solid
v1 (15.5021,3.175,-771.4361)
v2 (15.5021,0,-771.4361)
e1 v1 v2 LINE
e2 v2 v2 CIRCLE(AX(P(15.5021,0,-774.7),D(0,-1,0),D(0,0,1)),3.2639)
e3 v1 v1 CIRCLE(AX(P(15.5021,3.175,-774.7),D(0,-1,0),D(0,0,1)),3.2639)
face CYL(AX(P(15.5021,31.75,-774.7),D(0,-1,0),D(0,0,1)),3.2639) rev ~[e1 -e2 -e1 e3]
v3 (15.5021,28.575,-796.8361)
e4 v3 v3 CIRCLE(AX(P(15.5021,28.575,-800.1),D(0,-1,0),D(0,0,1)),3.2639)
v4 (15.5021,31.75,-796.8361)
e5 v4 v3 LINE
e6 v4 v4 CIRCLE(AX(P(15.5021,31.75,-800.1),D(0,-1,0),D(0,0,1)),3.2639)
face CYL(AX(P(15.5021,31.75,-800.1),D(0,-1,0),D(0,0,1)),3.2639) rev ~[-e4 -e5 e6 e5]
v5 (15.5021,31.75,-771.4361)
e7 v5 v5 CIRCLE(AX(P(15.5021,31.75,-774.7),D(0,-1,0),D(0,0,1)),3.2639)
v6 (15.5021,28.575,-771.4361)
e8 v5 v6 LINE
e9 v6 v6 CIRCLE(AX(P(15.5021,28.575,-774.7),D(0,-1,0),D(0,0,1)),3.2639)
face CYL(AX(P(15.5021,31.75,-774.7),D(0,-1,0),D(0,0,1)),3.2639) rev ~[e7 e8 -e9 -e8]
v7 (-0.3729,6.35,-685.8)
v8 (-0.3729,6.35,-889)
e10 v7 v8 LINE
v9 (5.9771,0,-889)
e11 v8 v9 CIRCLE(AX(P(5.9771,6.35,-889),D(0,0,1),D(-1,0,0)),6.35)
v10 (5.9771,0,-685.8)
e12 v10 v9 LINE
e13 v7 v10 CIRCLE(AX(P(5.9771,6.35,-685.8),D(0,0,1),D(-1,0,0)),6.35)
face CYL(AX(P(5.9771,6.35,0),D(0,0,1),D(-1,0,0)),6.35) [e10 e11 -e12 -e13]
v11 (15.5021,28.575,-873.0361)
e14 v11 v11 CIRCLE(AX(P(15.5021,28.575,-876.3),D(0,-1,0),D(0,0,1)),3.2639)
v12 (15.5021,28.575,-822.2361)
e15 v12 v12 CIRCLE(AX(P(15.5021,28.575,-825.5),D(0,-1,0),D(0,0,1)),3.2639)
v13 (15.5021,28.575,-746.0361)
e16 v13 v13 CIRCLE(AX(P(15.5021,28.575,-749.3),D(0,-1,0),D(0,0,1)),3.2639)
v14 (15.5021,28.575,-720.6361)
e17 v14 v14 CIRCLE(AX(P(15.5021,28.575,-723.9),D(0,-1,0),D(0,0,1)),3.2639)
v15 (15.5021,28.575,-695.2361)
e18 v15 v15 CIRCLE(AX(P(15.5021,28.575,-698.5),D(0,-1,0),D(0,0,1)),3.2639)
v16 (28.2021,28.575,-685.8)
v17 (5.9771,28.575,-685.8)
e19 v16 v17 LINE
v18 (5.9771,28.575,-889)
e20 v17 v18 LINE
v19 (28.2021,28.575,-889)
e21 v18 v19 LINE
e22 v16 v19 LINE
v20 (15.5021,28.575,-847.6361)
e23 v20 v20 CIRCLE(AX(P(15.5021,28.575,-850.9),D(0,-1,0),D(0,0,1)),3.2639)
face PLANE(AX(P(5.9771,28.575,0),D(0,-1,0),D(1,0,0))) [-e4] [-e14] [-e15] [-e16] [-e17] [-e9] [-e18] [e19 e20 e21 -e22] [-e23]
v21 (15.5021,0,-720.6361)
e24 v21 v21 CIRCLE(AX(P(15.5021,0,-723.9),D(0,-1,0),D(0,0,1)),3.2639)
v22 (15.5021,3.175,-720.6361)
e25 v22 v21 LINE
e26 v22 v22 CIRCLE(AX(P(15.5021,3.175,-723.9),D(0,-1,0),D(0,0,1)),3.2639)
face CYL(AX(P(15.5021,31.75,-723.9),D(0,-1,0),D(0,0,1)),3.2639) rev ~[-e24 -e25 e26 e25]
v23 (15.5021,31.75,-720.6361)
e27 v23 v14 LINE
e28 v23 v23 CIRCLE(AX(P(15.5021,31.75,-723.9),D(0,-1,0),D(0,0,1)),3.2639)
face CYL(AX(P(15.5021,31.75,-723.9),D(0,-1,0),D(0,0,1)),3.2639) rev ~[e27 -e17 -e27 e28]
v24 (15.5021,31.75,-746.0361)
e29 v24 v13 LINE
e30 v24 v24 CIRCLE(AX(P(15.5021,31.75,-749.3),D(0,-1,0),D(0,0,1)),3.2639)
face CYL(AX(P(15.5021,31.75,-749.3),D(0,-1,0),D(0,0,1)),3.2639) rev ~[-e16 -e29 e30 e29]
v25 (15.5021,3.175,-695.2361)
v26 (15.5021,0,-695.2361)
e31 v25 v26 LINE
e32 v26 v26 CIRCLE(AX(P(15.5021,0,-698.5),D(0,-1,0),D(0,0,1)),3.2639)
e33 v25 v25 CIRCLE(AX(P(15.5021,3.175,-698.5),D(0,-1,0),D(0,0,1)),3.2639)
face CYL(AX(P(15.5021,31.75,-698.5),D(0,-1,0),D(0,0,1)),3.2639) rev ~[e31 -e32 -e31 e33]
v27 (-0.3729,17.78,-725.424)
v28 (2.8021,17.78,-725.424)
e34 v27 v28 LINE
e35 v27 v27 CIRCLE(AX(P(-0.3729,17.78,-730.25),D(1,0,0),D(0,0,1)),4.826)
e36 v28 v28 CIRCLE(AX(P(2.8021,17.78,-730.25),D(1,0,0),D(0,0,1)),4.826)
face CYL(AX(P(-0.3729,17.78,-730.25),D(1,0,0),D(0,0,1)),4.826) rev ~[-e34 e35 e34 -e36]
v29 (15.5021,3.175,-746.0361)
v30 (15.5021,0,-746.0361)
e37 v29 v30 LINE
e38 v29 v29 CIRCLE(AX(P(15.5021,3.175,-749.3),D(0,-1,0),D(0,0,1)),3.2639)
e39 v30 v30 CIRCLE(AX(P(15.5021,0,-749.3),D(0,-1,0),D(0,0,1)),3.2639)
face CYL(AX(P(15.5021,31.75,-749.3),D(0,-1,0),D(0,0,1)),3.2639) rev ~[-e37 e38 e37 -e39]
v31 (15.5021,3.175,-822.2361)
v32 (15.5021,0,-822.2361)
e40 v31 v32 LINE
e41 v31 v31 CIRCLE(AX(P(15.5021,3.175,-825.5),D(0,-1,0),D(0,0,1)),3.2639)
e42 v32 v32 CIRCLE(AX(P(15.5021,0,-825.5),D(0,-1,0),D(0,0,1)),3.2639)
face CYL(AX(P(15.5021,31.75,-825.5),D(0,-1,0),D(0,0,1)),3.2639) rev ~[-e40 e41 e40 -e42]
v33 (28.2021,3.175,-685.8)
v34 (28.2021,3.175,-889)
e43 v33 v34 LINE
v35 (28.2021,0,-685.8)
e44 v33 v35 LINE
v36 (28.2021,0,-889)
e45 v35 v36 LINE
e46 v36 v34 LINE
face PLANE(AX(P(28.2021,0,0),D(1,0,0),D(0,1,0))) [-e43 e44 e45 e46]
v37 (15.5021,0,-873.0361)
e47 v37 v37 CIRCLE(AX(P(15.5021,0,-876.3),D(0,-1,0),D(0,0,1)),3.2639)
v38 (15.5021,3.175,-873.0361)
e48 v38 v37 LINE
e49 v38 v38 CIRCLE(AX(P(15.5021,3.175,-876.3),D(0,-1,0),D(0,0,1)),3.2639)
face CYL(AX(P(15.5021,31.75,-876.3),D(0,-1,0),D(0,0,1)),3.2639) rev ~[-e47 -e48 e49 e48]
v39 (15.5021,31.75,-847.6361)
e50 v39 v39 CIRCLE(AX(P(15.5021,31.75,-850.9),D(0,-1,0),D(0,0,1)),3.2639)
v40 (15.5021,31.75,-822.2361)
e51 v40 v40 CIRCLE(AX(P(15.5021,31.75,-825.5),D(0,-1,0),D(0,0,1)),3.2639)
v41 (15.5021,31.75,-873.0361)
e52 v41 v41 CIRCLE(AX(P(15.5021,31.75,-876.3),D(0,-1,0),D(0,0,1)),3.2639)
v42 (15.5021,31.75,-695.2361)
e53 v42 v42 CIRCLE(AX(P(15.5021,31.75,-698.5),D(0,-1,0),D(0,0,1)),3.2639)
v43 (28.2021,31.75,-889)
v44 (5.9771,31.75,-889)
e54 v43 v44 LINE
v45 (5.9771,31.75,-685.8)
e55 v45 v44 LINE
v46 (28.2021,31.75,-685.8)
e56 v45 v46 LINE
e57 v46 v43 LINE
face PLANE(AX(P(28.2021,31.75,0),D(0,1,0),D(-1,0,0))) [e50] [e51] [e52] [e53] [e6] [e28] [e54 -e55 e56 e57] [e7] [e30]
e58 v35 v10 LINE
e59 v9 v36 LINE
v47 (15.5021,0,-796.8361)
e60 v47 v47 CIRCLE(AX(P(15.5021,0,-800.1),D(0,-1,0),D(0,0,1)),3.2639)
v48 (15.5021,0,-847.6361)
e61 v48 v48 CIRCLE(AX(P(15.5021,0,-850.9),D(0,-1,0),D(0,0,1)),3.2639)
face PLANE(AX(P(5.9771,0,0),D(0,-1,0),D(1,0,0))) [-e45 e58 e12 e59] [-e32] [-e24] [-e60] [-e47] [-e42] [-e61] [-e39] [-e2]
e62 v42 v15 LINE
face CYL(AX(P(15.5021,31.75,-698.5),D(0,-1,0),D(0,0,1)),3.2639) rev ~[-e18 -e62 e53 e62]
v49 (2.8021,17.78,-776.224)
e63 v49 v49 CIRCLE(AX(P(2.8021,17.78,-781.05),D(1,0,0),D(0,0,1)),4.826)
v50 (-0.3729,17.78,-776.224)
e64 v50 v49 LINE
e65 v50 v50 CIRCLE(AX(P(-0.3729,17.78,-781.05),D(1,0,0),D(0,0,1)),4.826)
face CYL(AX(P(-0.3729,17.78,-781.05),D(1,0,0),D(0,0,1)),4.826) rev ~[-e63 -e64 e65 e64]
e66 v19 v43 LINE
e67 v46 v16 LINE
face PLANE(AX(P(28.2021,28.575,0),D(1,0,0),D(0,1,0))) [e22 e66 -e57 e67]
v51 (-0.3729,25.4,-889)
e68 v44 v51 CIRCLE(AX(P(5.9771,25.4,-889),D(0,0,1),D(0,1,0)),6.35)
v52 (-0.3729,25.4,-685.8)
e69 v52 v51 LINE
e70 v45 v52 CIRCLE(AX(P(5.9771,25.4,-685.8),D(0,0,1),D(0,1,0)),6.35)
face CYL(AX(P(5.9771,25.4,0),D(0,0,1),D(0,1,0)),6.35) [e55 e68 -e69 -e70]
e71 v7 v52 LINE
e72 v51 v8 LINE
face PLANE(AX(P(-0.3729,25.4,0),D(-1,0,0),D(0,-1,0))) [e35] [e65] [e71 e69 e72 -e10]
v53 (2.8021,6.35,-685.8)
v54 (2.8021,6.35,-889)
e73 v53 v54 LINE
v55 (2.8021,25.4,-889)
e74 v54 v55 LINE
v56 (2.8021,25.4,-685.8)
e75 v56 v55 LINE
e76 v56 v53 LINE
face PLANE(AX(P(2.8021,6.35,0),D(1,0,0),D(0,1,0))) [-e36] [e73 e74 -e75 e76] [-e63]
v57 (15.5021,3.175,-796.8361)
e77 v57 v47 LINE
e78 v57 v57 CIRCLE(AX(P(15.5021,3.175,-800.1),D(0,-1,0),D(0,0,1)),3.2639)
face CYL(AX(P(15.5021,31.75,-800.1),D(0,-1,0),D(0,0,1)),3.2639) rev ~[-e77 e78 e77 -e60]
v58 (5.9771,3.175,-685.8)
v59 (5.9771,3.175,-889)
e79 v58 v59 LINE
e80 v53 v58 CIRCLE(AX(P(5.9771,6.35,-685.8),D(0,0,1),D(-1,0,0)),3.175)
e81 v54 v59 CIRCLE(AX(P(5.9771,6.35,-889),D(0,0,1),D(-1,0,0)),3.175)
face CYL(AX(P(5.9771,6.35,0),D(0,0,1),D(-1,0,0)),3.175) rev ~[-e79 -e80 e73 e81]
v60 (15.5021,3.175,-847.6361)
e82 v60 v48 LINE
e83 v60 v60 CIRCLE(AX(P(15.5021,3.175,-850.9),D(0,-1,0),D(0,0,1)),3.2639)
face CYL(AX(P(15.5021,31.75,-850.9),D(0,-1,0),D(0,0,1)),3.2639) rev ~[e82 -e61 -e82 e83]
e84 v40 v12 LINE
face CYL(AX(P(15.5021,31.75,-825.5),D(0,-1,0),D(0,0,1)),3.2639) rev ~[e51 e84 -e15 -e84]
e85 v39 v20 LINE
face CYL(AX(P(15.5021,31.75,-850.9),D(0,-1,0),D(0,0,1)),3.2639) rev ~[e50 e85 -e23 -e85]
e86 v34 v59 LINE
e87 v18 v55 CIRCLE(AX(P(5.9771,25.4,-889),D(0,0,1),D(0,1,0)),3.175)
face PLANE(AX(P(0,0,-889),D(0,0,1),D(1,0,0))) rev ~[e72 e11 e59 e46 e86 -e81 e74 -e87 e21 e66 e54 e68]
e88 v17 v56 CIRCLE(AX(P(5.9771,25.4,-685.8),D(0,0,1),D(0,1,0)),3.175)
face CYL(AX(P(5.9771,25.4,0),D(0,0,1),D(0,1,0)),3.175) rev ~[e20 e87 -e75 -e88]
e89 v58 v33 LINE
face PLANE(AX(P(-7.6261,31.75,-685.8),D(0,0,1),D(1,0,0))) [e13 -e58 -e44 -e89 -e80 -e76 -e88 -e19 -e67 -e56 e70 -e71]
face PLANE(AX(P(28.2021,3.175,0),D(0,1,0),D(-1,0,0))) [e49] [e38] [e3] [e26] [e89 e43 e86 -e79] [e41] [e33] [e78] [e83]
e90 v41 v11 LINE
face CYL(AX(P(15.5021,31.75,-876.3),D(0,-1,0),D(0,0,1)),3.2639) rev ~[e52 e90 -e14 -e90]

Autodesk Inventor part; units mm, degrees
ref_plane "YZ Plane" through (0, 0, 0) normal (1, 0, 0) x (0, 1, 0)
ref_plane "XZ Plane" through (0, 0, 0) normal (0, 1, 0) x (-1, 0, 0)
ref_plane "XY Plane" through (0, 0, 0) normal (0, 0, 1) x (1, 0, 0)
sketch "Sketch1" plane through (0, 0, 0) normal (0, 0, 1) x (1, 0, 0)
  line L0 (5.9771, 0) -> (28.2021, 0)
  line L1 (28.2021, 0) -> (28.2021, 3.175)
  line L2 (28.2021, 3.175) -> (5.9771, 3.175)
  line L3 (2.8021, 6.35) -> (2.8021, 25.4)
  line L4 (5.9771, 28.575) -> (28.2021, 28.575)
  line L5 (28.2021, 28.575) -> (28.2021, 31.75)
  line L6 (28.2021, 31.75) -> (5.9771, 31.75)
  line L7 (-0.3729, 25.4) -> (-0.3729, 6.35)
  arc A0 (5.9771, 28.575) -> (2.8021, 25.4) centre (5.9771, 25.4) ccw
  arc A1 (2.8021, 6.35) -> (5.9771, 3.175) centre (5.9771, 6.35) ccw
  arc A2 (5.9771, 31.75) -> (-0.3729, 25.4) centre (5.9771, 25.4) ccw
  arc A3 (-0.3729, 6.35) -> (5.9771, 0) centre (5.9771, 6.35) ccw
  point P0 (0, 0)
  point P1 (-0.3729, 0)
  point P2 (2.8021, 3.175)
  point P3 (2.8021, 28.575)
  dimension "d0" = 28.575
  dimension "d1" = 3.175
  dimension "d2" = 25.4
  dimension "d3" = 25.4
  dimension "d4" = 3.175
  dimension "d5" = 3.175
  dimension "d6" = 6.35
extrude "Extrusion1" add sketch "Sketch1" against normal blind 889
sketch "Sketch2" plane through (-0.3729, 6.35, 0) normal (-1, 0, 0) x (0, 0, 1)
  line L0 (0, 19.05) -> (-889, 19.05) projected
  line L1 (-228.6, 0) -> (-228.6, 7.9375)
  arc A0 (-228.6, 11.1125) -> (-228.6, 7.9375) centre (-228.6, 9.525) ccw
  line L2 (-228.6, 11.1125) -> (-228.6, 19.05)
  line L3 (-228.6, 19.05) -> (-889, 19.05)
  line L4 (-889, 0) -> (-889, 19.05)
  line L5 (-889, 0) -> (-228.6, 0)
  circle A1 centre (-552.45, 11.43) radius 4.826
  circle A2 centre (-501.65, 11.43) radius 4.826
  circle A3 centre (-387.35, 11.43) radius 4.826
  circle A4 centre (-336.55, 11.43) radius 4.826
  circle A5 centre (-444.5, 7.62) radius 4.826
  circle A6 centre (-730.25, 11.43) radius 4.826
  circle A7 centre (-781.05, 11.43) radius 4.826
  line L6 (0, 25.4) -> (-889, 25.4) construction
  circle A8 centre (-133.35, 11.43) radius 4.826
  circle A9 centre (-82.55, 11.43) radius 4.826
  point P0 (0, -6.35)
  point P1 (-254, 0.852)
  dimension "d10" = 7.62
  dimension "d11" = 3.81
  dimension "d14" = 254
hole "Hole1" at (-0.3729, 17.78, -781.05) at (-0.3729, 17.78, -730.25) at (-0.3729, 17.78, -552.45) at (-0.3729, 17.78, -501.65) at (-0.3729, 13.97, -444.5) at (-0.3729, 17.78, -387.35) at (-0.3729, 17.78, -336.55) at (-0.3729, 17.78, -133.35) at (-0.3729, 17.78, -82.55) direction (1, 0, 0) diameter 9.652 end through all
hole "Hole2" at (-0.3729, 15.875, -228.6) direction (1, 0, 0) diameter 3.175 end through all
sketch "Sketch3" plane through (5.9771, 31.75, 0) normal (0, 1, 0) x (1, 0, 0)
  line L0 (22.225, 889) -> (0, 889) projected
  line L1 (22.225, 0) -> (22.225, 889) projected
  point P0 (-5.9771, 0)
  point P1 (9.525, 876.3)
  dimension "d34" = 12.7
  dimension "d35" = 12.7
hole "Hole3" at (15.5021, 31.75, -876.3) direction (0, -1, 0) diameter 6.5278 end through all
pattern_linear "Rectangular Pattern1" count 35 spacing 25.4 along (0, 0, 1) of "Hole3"
sketch "Sketch4" plane through (5.9771, 31.75, 0) normal (0, 1, 0) x (1, 0, 0)
  circle A0 centre (9.525, 12.7) radius 3.2639 projected
  circle A1 centre (9.525, 38.1) radius 3.2639 projected
  circle A2 centre (9.525, 63.5) radius 3.2639 projected
  circle A3 centre (9.525, 88.9) radius 3.2639 projected
  circle A4 centre (9.525, 114.3) radius 3.2639 projected
  circle A5 centre (9.525, 139.7) radius 3.2639 projected
  circle A6 centre (9.525, 165.1) radius 3.2639 projected
  circle A7 centre (9.525, 190.5) radius 3.2639 projected
  line L0 (22.225, 0) -> (-13.6032, 0)
  line L1 (-13.6032, 0) -> (-13.6032, 685.8)
  line L2 (-13.6032, 685.8) -> (22.225, 685.8)
  line L3 (22.225, 685.8) -> (22.225, 0)
  point P0 (-5.9771, 0)
  dimension "d46" = 685.8
extrude "Extrusion2" cut sketch "Sketch4" against normal blind 38.1
equation "\"d35\" = d34"
properties part number "chassis 9 inch"
